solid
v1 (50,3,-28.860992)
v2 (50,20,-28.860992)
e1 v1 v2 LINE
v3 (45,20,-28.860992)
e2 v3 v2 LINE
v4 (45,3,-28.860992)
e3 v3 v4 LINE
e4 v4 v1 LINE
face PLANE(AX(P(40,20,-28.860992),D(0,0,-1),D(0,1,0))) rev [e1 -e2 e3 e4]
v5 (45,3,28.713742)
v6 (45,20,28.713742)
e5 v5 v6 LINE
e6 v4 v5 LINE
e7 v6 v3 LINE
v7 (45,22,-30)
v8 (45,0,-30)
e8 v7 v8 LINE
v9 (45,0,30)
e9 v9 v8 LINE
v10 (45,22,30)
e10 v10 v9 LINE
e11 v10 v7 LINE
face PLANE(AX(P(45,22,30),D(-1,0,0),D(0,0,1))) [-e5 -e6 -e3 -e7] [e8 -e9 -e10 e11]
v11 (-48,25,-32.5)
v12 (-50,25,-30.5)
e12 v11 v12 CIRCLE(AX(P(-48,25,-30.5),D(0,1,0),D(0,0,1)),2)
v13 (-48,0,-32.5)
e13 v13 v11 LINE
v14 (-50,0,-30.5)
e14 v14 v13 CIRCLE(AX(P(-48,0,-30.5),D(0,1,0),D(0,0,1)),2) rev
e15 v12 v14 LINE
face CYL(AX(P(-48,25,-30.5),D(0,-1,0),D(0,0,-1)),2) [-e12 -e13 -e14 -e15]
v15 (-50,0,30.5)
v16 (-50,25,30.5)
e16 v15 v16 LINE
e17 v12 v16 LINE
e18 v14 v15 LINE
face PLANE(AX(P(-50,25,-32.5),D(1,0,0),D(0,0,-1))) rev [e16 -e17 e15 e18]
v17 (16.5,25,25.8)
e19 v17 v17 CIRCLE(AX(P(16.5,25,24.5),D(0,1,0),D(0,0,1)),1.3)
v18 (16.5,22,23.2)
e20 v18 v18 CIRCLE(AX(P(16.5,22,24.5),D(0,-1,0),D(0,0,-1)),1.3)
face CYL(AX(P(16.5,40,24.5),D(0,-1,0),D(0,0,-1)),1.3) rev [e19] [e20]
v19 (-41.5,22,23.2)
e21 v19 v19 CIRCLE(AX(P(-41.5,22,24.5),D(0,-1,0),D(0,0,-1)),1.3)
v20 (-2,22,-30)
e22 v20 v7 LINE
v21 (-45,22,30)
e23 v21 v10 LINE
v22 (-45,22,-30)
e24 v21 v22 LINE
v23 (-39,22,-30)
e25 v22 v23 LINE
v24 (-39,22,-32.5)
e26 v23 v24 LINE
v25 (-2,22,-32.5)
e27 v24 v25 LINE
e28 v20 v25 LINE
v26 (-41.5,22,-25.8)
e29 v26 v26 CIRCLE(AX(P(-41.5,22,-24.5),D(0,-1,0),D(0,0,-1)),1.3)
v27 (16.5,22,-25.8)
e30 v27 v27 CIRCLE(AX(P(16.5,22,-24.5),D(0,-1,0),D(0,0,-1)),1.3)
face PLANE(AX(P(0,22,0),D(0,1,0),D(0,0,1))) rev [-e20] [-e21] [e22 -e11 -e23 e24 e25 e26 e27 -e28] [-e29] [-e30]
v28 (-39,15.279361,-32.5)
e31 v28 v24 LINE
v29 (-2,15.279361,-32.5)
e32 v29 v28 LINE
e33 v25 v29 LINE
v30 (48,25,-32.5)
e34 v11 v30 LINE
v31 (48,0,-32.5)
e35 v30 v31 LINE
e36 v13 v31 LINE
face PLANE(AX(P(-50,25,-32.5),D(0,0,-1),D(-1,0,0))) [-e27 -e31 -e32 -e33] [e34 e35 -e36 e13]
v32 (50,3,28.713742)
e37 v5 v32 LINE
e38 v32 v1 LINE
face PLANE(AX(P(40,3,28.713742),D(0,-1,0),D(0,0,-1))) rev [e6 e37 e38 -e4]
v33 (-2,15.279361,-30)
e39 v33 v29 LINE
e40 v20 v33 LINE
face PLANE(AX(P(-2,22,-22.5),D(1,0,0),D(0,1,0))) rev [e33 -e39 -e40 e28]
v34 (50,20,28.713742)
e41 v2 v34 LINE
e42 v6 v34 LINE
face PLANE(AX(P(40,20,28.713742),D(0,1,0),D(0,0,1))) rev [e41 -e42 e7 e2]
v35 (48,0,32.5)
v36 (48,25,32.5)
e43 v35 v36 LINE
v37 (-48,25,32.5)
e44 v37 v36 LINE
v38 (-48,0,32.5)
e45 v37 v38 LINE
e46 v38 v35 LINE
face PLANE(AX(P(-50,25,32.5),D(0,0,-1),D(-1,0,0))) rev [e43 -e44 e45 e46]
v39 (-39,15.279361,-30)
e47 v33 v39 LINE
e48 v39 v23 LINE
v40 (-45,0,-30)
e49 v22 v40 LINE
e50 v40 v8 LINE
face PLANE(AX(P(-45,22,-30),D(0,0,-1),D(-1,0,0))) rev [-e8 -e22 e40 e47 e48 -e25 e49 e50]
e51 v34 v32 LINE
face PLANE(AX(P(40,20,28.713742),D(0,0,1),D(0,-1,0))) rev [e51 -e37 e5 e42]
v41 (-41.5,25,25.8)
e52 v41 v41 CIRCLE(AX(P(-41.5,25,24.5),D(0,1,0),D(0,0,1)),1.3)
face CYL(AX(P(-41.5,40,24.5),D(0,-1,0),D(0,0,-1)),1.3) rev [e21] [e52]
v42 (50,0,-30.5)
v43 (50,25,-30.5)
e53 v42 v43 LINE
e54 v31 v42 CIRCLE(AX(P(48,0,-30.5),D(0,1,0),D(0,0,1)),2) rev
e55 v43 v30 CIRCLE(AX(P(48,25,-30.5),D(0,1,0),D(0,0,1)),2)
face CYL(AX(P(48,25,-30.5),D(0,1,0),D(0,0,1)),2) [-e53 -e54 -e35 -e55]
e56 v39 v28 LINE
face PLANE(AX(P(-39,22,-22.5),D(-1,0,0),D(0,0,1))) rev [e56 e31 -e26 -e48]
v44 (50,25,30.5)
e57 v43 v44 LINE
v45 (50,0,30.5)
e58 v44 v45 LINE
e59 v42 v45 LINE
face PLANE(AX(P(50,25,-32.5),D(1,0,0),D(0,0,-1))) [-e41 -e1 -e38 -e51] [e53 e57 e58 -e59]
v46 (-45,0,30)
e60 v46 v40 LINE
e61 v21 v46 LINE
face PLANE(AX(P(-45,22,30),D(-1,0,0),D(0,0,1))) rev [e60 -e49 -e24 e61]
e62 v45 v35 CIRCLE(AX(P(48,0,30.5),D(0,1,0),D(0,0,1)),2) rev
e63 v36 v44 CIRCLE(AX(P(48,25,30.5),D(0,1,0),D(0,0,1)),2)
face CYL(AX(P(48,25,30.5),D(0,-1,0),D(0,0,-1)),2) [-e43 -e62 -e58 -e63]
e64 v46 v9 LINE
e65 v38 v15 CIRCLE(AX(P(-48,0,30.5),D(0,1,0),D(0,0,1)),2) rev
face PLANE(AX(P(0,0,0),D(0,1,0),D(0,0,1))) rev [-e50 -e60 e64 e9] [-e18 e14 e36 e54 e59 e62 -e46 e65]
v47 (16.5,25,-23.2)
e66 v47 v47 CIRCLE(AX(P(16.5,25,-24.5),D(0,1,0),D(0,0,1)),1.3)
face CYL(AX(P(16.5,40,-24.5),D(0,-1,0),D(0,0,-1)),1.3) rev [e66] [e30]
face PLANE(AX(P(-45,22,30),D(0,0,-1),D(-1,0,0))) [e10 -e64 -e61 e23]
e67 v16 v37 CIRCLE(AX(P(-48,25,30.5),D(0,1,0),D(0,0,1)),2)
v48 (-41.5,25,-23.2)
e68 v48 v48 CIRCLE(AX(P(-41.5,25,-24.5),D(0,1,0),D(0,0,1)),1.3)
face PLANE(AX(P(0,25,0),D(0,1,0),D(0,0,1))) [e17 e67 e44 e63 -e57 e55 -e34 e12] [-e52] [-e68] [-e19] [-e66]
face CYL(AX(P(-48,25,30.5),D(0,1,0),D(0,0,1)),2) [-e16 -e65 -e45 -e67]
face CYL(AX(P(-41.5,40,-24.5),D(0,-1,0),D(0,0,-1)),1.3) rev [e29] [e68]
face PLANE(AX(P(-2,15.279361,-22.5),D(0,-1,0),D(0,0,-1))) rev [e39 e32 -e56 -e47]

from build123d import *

# Parameters (mm, degrees)
SKETCH1_W           = 100
SKETCH1_H           = 65
BOSS_EXTRUDE2_DEPTH = 25
SKETCH1_5_W         = 90
SKETCH1_5_H         = 60
CUT_EXTRUDE1_DEPTH  = 22
SKETCH3_R           = 1.3
CUT_EXTRUDE2_DEPTH  = 18
FILLET2_R           = 2
FILLET3_R           = 2
FILLET4_R           = 2
FILLET5_R           = 2
SKETCH5_W           = 37
SKETCH5_H           = 6.720639237
CUT_EXTRUDE3_DEPTH  = 10
SKETCH6_W           = 57.574734681
SKETCH6_H           = 17
CUT_EXTRUDE4_DEPTH  = 10


with BuildPart() as part:
    # Sketch1 → Boss-Extrude2 (new body)
    with BuildSketch(Plane(origin=(0, 0, 0), x_dir=(1, 0, 0), z_dir=(0, 1, 0))):
        Rectangle(SKETCH1_W, SKETCH1_H)
    extrude(amount=BOSS_EXTRUDE2_DEPTH)

    # Sketch1<5> → Cut-Extrude1 (cut)
    with BuildSketch(Plane(origin=(0, 0, 0), x_dir=(1, 0, 0), z_dir=(0, 1, 0))):
        Rectangle(SKETCH1_5_W, SKETCH1_5_H)
    extrude(amount=CUT_EXTRUDE1_DEPTH, mode=Mode.SUBTRACT)

    # Sketch3 → Cut-Extrude2 (cut)
    with BuildSketch(Plane.XZ.offset(-22)):
        with Locations((-41.5, 24.5)):
            Circle(SKETCH3_R)
        with Locations((-41.5, -24.5)):
            Circle(SKETCH3_R)
        with Locations((16.5, -24.5)):
            Circle(SKETCH3_R)
        with Locations((16.5, 24.5)):
            Circle(SKETCH3_R)
    extrude(amount=-CUT_EXTRUDE2_DEPTH, mode=Mode.SUBTRACT)

    # Fillet2
    fillet2_edges = [part.edges().sort_by_distance(p)[0] for p in [
        (50, 12.5, 32.5),
    ]]
    fillet(fillet2_edges, radius=FILLET2_R)

    # Fillet3
    fillet3_edges = [part.edges().sort_by_distance(p)[0] for p in [
        (-50, 12.5, 32.5),
    ]]
    fillet(fillet3_edges, radius=FILLET3_R)

    # Fillet4
    fillet4_edges = [part.edges().sort_by_distance(p)[0] for p in [
        (-50, 12.5, -32.5),
    ]]
    fillet(fillet4_edges, radius=FILLET4_R)

    # Fillet5
    fillet5_edges = [part.edges().sort_by_distance(p)[0] for p in [
        (50, 12.5, -32.5),
    ]]
    fillet(fillet5_edges, radius=FILLET5_R)

    # Sketch5 → Cut-Extrude3 (cut)
    with BuildSketch(Plane(origin=(0, 0, -32.5), x_dir=(-1, 0, 0), z_dir=(0, 0, -1))):
        with Locations((20.5, 18.639680381)):
            Rectangle(SKETCH5_W, SKETCH5_H)
    extrude(amount=-CUT_EXTRUDE3_DEPTH, mode=Mode.SUBTRACT)

    # Sketch6 → Cut-Extrude4 (cut)
    with BuildSketch(Plane(origin=(50, 0, 0), x_dir=(0, 0, -1), z_dir=(1, 0, 0))):
        with Locations((0.07362498, 11.5)):
            Rectangle(SKETCH6_W, SKETCH6_H)
    extrude(amount=-CUT_EXTRUDE4_DEPTH, mode=Mode.SUBTRACT)


solid = part.part
